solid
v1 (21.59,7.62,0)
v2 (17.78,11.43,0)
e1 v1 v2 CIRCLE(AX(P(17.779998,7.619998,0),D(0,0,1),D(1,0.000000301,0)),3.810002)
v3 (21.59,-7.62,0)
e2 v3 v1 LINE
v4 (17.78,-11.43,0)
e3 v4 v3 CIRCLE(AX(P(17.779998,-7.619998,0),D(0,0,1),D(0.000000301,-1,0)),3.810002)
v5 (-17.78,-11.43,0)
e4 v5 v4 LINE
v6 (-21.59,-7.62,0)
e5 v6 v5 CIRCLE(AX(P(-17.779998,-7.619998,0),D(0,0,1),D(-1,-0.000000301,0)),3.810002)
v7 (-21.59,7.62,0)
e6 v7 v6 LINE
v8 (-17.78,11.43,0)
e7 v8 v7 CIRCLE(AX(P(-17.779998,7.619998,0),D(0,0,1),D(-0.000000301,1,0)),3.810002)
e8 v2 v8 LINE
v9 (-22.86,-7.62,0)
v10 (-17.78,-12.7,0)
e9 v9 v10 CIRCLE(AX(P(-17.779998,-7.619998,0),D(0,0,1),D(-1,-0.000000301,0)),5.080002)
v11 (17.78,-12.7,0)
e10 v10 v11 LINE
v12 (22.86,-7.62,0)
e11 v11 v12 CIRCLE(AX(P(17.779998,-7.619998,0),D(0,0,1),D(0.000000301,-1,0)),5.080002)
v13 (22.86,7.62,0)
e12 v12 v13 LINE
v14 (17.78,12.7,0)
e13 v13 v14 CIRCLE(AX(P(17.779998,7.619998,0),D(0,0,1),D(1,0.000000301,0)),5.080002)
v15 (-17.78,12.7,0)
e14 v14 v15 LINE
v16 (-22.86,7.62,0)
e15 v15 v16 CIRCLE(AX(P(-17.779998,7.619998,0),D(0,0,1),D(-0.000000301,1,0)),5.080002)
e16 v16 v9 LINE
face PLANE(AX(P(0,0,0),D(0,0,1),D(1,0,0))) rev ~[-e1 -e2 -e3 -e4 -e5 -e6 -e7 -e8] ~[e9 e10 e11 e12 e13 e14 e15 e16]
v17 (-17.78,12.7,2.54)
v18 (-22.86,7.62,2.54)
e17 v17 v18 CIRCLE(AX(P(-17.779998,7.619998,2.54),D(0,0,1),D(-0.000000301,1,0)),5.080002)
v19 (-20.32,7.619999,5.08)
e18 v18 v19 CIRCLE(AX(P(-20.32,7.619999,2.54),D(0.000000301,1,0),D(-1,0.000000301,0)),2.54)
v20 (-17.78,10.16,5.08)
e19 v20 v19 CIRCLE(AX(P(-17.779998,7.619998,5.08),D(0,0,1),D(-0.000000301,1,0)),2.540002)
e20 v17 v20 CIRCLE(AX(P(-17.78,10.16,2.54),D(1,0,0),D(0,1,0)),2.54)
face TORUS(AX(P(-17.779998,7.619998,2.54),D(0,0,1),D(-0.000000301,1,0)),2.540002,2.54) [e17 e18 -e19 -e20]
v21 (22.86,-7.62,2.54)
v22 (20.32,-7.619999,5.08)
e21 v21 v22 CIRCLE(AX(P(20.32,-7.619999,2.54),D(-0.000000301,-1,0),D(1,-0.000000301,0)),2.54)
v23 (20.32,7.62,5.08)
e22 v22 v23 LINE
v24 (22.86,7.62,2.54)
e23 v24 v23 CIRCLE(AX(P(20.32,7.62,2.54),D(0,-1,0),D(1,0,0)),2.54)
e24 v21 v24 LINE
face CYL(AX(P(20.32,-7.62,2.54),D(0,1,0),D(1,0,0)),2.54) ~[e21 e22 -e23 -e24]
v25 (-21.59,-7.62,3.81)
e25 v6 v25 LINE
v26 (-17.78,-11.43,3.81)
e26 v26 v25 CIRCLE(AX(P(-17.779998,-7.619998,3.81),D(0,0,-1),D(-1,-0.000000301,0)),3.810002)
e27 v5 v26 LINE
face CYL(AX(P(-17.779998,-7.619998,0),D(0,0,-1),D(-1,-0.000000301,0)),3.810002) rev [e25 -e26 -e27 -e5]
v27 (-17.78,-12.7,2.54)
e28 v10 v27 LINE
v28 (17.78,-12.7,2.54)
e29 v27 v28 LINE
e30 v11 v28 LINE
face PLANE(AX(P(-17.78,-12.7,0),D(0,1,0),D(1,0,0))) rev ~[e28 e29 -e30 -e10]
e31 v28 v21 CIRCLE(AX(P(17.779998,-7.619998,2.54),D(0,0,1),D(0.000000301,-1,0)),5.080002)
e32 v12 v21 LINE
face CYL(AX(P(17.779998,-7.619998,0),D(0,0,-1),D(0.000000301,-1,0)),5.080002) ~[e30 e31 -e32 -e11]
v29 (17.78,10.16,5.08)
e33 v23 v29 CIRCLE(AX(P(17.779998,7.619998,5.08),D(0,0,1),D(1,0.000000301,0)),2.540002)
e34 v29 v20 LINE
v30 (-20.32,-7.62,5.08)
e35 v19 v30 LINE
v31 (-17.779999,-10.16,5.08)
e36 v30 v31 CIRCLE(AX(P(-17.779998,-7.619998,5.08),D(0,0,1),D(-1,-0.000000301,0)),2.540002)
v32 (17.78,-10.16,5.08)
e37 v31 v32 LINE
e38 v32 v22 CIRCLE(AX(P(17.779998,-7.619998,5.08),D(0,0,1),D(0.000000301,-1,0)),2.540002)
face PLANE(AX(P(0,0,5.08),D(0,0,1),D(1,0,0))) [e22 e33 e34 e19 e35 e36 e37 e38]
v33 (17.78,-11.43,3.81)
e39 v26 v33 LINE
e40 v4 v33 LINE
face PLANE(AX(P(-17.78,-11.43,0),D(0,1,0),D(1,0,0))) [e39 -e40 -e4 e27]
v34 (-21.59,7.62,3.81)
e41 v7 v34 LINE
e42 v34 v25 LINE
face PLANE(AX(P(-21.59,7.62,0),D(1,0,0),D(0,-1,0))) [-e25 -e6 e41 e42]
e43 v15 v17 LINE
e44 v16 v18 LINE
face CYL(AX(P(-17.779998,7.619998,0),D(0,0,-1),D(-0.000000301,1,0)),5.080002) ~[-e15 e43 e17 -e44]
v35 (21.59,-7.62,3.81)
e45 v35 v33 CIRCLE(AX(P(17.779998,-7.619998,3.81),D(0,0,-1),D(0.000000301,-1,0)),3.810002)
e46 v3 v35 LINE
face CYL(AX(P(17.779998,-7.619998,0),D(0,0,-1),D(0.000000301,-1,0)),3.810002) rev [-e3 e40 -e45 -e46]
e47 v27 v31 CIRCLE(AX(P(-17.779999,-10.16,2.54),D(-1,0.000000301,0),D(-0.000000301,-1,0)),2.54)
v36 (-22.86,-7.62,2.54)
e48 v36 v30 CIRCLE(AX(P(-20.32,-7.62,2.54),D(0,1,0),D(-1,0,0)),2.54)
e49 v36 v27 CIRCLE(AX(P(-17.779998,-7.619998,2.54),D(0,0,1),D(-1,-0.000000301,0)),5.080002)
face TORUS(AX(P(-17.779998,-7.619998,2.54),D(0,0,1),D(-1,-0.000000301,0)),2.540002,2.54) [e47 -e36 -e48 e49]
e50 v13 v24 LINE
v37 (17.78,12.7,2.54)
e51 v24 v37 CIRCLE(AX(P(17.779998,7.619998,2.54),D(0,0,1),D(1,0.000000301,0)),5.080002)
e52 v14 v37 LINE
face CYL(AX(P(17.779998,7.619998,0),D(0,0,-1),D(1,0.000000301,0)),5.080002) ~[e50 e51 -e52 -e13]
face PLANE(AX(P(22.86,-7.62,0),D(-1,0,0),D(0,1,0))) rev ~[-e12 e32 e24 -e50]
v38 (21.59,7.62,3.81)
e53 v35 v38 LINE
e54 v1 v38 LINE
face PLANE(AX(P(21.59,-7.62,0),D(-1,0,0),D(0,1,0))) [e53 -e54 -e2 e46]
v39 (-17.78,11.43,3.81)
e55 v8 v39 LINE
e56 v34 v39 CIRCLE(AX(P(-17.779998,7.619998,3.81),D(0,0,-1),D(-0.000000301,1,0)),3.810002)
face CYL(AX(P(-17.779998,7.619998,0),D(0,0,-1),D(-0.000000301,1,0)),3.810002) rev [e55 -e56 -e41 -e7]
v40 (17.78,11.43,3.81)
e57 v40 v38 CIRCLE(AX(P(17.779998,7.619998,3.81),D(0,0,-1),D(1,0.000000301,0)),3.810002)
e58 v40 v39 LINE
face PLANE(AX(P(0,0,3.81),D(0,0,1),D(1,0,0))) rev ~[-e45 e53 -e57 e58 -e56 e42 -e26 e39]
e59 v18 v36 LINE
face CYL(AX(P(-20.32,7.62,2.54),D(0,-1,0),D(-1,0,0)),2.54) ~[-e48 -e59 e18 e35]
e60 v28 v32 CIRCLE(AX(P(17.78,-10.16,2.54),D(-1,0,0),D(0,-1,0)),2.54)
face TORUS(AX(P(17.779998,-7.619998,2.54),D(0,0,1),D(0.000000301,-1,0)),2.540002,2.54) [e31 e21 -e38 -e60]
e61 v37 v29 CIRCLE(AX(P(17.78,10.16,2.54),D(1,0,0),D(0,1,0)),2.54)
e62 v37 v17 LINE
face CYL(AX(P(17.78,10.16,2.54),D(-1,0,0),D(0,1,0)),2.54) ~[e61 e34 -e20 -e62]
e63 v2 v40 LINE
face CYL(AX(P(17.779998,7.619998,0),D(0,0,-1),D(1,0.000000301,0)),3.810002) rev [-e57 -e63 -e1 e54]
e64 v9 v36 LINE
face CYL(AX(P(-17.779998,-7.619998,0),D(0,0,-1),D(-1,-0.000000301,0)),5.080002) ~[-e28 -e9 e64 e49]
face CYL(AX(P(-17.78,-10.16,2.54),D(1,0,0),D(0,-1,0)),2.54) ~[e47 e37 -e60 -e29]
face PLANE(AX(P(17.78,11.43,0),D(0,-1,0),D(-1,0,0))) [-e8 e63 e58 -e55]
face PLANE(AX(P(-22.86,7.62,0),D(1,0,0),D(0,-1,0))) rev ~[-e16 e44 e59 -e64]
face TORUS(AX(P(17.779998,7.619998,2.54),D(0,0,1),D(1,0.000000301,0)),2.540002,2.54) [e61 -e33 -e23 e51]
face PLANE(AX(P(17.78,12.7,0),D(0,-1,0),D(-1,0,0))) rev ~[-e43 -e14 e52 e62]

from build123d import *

# Parameters (mm, degrees)
F1_DEPTH = 5.08
F2_T     = -1.27
F3_R     = 2.54


with BuildPart() as f1:
    # F0 (on Top) → F1 (new body)
    with BuildSketch(Plane.XY):
        with BuildLine():
            ThreePointArc((22.86, 7.62), (21.372102, 11.212102), (17.78, 12.7))
            Line((17.78, 12.7), (-17.78, 12.7))
            ThreePointArc((-17.78, 12.7), (-21.372102, 11.212102), (-22.86, 7.62))
            Line((-22.86, 7.62), (-22.86, -7.62))
            ThreePointArc((-22.86, -7.62), (-21.372102, -11.212102), (-17.78, -12.7))
            Line((-17.78, -12.7), (17.78, -12.7))
            ThreePointArc((17.78, -12.7), (21.372102, -11.212102), (22.86, -7.62))
            Line((22.86, -7.62), (22.86, 7.62))
        make_face()
    extrude(amount=F1_DEPTH)

    # F2
    f2_openings = [f1.faces().sort_by_distance(p)[0] for p in [
        (0, 0, 0),
    ]]
    offset(amount=F2_T, openings=f2_openings)

    # F3
    f3_edges = [f1.edges().sort_by_distance(p)[0] for p in [
        (0, 12.7, 5.08),
    ]]
    fillet(f3_edges, radius=F3_R)


solid = f1.part
